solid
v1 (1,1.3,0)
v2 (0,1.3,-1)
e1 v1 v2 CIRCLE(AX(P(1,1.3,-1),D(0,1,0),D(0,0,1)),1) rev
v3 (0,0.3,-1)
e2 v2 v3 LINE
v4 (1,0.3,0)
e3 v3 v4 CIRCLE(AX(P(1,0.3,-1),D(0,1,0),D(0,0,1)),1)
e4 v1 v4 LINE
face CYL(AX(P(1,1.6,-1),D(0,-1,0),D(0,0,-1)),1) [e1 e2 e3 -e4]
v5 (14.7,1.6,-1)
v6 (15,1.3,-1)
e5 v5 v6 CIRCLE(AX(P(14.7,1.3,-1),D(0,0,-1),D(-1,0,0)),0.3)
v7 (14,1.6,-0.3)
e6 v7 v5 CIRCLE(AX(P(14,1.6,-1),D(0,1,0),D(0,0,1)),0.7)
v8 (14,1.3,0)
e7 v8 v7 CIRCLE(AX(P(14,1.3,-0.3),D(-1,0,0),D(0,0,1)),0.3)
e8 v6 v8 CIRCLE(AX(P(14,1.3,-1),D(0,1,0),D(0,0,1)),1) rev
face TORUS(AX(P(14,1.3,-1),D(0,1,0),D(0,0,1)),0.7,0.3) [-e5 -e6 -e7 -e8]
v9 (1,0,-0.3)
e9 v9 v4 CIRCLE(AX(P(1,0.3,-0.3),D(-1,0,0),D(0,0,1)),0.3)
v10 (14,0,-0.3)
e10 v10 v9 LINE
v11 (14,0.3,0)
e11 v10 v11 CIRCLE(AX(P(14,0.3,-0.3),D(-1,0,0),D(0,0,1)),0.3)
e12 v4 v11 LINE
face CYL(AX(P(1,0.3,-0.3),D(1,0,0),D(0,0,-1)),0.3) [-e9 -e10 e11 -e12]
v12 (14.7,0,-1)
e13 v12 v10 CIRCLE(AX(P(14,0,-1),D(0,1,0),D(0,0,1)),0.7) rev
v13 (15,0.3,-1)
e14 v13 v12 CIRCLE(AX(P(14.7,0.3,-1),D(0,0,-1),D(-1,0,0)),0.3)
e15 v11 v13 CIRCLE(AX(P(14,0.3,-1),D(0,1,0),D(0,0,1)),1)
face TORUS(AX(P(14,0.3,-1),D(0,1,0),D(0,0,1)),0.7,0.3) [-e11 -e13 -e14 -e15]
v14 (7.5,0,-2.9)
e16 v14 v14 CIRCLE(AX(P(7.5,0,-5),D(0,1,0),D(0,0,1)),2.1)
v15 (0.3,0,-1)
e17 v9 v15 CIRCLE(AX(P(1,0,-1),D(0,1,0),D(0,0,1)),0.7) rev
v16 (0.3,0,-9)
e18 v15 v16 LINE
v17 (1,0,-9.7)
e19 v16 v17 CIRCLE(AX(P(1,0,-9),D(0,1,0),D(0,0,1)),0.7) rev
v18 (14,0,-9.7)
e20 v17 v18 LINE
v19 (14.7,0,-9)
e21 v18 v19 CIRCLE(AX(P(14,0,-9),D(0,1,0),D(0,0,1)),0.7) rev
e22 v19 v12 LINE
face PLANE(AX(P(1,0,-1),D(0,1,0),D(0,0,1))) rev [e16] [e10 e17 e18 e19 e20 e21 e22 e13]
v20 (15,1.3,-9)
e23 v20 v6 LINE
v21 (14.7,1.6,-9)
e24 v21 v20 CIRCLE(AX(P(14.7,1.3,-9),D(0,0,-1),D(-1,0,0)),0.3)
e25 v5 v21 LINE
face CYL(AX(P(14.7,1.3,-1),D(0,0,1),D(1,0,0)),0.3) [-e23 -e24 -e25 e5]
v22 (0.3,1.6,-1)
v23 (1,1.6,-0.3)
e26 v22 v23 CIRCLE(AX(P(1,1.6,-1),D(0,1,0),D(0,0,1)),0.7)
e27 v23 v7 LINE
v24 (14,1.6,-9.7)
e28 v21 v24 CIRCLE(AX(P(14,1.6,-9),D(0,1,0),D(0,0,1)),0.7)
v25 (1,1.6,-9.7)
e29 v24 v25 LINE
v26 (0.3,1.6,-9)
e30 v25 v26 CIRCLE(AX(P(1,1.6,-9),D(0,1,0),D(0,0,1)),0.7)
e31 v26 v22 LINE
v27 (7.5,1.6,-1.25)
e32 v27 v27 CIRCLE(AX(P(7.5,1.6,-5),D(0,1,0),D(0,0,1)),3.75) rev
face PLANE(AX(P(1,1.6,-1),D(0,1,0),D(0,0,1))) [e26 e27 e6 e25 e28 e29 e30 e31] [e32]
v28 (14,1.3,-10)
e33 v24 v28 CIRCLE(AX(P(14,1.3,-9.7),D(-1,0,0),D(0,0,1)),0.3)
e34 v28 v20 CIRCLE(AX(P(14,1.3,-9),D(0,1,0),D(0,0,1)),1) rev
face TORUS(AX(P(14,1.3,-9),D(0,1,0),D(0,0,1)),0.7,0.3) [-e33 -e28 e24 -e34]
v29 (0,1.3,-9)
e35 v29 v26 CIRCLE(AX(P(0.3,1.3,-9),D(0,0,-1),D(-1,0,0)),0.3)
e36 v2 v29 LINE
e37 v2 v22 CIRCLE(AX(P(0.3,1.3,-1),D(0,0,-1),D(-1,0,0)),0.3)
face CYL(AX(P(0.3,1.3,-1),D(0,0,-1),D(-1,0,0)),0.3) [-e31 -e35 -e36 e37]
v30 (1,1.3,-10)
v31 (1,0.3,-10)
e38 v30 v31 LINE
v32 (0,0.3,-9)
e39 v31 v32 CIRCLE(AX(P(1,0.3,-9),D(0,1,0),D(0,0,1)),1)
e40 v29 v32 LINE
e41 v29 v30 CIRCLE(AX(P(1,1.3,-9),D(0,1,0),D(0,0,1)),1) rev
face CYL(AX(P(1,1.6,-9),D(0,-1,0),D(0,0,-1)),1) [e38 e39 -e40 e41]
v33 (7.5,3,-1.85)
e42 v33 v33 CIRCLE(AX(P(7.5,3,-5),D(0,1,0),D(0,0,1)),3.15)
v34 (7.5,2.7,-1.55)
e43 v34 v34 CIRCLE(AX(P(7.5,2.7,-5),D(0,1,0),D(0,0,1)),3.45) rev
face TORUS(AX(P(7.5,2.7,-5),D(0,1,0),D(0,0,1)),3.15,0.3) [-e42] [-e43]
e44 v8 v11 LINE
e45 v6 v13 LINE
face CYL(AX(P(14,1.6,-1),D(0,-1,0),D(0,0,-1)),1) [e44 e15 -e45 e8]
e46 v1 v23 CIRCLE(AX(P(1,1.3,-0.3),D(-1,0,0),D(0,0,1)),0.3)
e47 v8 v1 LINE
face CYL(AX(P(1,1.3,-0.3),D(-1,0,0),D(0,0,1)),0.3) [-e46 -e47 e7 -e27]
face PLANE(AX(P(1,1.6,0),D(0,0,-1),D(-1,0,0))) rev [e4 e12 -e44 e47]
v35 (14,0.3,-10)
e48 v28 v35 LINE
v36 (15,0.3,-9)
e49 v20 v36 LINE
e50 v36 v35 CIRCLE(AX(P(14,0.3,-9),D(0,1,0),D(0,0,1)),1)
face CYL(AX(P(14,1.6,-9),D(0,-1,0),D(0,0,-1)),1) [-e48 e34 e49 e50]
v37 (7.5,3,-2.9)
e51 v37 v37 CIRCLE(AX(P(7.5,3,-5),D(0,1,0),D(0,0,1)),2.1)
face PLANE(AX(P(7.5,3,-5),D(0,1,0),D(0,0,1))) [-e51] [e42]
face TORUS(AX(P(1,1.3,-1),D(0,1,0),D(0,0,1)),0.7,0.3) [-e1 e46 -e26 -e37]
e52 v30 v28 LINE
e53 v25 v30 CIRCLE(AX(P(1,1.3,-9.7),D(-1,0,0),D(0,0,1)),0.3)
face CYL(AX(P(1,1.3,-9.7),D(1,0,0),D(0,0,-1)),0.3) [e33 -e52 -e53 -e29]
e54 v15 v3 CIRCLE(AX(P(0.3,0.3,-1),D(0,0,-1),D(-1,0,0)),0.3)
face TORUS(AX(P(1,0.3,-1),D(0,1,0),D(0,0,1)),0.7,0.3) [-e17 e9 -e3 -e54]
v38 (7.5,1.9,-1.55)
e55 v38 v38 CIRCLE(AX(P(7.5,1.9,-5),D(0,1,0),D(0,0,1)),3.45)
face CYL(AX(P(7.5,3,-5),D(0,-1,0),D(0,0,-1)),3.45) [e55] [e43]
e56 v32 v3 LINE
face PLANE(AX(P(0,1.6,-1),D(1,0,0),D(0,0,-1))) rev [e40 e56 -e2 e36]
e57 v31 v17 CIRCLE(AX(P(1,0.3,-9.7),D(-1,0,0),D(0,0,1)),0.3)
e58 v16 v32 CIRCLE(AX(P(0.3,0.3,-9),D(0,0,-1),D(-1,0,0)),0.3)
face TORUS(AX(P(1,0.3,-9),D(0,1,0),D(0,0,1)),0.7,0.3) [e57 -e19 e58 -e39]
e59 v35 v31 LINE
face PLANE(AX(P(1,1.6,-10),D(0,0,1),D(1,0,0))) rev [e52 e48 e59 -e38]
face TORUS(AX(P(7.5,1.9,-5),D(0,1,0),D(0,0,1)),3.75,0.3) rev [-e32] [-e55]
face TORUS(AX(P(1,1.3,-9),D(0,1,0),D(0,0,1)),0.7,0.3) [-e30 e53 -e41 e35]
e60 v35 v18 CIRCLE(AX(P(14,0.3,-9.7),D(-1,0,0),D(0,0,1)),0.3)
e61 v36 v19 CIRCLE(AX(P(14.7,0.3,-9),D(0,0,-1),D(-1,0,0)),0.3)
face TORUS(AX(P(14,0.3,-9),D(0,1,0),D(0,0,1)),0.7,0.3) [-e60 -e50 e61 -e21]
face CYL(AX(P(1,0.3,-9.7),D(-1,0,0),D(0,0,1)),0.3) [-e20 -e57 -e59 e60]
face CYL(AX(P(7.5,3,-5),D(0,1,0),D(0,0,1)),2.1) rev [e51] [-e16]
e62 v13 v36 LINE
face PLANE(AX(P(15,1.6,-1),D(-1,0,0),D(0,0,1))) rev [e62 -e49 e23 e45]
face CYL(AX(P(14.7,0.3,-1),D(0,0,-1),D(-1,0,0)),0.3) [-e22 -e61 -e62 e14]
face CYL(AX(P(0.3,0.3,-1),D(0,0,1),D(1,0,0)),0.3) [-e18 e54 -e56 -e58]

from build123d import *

# Parameters (mm, degrees)
BOSS_EXTRUDE1_DEPTH         = 1.6
SKETCH2_R                   = 3.45
BOSS_EXTRUDE2_DEPTH         = 1.4
TAP_DRILL_FOR_M5X0_8_TAP1_D = 4.2
FILLET2_R                   = 0.3


with BuildPart() as part:
    # Sketch1 → Boss-Extrude1 (new body)
    with BuildSketch(Plane(origin=(0, 0, 0), x_dir=(1, 0, 0), z_dir=(0, 1, 0))):
        with BuildLine():
            Line((1, 0), (14, 0))
            ThreePointArc((14, 0), (14.707106781, 0.292893219), (15, 1))
            Line((15, 1), (15, 9))
            ThreePointArc((15, 9), (14.707106781, 9.707106781), (14, 10))
            Line((14, 10), (1, 10))
            ThreePointArc((1, 10), (0.292893219, 9.707106781), (0, 9))
            Line((0, 9), (0, 1))
            ThreePointArc((0, 1), (0.292893219, 0.292893219), (1, 0))
        make_face()
    extrude(amount=BOSS_EXTRUDE1_DEPTH)

    # Sketch2 → Boss-Extrude2 (add)
    with BuildSketch(Plane(origin=(0, 1.6, 0), x_dir=(1, 0, 0), z_dir=(0, 1, 0))):
        with Locations((7.5, 5)):
            Circle(SKETCH2_R)
    extrude(amount=BOSS_EXTRUDE2_DEPTH)

    # Tap Drill for M5x0.8 Tap1 (through all)
    with Locations(Plane(origin=(7.5, 3, -5), x_dir=(0, 0, 1), z_dir=(0, 1, 0))):
        with Locations((0, 0)):
            Hole(TAP_DRILL_FOR_M5X0_8_TAP1_D / 2)

    # Fillet2
    fillet2_edges = [part.edges().sort_by_distance(p)[0] for p in [
        (14.707106781, 1.6, -0.292893219),
        (7.5, 0, 0),
        (0.292893219, 0, -0.292893219),
        (15, 1.6, -5),
        (14.707106781, 1.6, -9.707106781),
        (7.5, 1.6, -10),
        (0.292893219, 1.6, -9.707106781),
        (4.05, 1.6, -5),
        (4.05, 3, -5),
        (0, 1.6, -5),
        (0.292893219, 1.6, -0.292893219),
        (7.5, 1.6, 0),
        (0, 0, -5),
        (0.292893219, 0, -9.707106781),
        (7.5, 0, -10),
        (14.707106781, 0, -9.707106781),
        (15, 0, -5),
        (14.707106781, 0, -0.292893219),
    ]]
    fillet(fillet2_edges, radius=FILLET2_R)


solid = part.part
